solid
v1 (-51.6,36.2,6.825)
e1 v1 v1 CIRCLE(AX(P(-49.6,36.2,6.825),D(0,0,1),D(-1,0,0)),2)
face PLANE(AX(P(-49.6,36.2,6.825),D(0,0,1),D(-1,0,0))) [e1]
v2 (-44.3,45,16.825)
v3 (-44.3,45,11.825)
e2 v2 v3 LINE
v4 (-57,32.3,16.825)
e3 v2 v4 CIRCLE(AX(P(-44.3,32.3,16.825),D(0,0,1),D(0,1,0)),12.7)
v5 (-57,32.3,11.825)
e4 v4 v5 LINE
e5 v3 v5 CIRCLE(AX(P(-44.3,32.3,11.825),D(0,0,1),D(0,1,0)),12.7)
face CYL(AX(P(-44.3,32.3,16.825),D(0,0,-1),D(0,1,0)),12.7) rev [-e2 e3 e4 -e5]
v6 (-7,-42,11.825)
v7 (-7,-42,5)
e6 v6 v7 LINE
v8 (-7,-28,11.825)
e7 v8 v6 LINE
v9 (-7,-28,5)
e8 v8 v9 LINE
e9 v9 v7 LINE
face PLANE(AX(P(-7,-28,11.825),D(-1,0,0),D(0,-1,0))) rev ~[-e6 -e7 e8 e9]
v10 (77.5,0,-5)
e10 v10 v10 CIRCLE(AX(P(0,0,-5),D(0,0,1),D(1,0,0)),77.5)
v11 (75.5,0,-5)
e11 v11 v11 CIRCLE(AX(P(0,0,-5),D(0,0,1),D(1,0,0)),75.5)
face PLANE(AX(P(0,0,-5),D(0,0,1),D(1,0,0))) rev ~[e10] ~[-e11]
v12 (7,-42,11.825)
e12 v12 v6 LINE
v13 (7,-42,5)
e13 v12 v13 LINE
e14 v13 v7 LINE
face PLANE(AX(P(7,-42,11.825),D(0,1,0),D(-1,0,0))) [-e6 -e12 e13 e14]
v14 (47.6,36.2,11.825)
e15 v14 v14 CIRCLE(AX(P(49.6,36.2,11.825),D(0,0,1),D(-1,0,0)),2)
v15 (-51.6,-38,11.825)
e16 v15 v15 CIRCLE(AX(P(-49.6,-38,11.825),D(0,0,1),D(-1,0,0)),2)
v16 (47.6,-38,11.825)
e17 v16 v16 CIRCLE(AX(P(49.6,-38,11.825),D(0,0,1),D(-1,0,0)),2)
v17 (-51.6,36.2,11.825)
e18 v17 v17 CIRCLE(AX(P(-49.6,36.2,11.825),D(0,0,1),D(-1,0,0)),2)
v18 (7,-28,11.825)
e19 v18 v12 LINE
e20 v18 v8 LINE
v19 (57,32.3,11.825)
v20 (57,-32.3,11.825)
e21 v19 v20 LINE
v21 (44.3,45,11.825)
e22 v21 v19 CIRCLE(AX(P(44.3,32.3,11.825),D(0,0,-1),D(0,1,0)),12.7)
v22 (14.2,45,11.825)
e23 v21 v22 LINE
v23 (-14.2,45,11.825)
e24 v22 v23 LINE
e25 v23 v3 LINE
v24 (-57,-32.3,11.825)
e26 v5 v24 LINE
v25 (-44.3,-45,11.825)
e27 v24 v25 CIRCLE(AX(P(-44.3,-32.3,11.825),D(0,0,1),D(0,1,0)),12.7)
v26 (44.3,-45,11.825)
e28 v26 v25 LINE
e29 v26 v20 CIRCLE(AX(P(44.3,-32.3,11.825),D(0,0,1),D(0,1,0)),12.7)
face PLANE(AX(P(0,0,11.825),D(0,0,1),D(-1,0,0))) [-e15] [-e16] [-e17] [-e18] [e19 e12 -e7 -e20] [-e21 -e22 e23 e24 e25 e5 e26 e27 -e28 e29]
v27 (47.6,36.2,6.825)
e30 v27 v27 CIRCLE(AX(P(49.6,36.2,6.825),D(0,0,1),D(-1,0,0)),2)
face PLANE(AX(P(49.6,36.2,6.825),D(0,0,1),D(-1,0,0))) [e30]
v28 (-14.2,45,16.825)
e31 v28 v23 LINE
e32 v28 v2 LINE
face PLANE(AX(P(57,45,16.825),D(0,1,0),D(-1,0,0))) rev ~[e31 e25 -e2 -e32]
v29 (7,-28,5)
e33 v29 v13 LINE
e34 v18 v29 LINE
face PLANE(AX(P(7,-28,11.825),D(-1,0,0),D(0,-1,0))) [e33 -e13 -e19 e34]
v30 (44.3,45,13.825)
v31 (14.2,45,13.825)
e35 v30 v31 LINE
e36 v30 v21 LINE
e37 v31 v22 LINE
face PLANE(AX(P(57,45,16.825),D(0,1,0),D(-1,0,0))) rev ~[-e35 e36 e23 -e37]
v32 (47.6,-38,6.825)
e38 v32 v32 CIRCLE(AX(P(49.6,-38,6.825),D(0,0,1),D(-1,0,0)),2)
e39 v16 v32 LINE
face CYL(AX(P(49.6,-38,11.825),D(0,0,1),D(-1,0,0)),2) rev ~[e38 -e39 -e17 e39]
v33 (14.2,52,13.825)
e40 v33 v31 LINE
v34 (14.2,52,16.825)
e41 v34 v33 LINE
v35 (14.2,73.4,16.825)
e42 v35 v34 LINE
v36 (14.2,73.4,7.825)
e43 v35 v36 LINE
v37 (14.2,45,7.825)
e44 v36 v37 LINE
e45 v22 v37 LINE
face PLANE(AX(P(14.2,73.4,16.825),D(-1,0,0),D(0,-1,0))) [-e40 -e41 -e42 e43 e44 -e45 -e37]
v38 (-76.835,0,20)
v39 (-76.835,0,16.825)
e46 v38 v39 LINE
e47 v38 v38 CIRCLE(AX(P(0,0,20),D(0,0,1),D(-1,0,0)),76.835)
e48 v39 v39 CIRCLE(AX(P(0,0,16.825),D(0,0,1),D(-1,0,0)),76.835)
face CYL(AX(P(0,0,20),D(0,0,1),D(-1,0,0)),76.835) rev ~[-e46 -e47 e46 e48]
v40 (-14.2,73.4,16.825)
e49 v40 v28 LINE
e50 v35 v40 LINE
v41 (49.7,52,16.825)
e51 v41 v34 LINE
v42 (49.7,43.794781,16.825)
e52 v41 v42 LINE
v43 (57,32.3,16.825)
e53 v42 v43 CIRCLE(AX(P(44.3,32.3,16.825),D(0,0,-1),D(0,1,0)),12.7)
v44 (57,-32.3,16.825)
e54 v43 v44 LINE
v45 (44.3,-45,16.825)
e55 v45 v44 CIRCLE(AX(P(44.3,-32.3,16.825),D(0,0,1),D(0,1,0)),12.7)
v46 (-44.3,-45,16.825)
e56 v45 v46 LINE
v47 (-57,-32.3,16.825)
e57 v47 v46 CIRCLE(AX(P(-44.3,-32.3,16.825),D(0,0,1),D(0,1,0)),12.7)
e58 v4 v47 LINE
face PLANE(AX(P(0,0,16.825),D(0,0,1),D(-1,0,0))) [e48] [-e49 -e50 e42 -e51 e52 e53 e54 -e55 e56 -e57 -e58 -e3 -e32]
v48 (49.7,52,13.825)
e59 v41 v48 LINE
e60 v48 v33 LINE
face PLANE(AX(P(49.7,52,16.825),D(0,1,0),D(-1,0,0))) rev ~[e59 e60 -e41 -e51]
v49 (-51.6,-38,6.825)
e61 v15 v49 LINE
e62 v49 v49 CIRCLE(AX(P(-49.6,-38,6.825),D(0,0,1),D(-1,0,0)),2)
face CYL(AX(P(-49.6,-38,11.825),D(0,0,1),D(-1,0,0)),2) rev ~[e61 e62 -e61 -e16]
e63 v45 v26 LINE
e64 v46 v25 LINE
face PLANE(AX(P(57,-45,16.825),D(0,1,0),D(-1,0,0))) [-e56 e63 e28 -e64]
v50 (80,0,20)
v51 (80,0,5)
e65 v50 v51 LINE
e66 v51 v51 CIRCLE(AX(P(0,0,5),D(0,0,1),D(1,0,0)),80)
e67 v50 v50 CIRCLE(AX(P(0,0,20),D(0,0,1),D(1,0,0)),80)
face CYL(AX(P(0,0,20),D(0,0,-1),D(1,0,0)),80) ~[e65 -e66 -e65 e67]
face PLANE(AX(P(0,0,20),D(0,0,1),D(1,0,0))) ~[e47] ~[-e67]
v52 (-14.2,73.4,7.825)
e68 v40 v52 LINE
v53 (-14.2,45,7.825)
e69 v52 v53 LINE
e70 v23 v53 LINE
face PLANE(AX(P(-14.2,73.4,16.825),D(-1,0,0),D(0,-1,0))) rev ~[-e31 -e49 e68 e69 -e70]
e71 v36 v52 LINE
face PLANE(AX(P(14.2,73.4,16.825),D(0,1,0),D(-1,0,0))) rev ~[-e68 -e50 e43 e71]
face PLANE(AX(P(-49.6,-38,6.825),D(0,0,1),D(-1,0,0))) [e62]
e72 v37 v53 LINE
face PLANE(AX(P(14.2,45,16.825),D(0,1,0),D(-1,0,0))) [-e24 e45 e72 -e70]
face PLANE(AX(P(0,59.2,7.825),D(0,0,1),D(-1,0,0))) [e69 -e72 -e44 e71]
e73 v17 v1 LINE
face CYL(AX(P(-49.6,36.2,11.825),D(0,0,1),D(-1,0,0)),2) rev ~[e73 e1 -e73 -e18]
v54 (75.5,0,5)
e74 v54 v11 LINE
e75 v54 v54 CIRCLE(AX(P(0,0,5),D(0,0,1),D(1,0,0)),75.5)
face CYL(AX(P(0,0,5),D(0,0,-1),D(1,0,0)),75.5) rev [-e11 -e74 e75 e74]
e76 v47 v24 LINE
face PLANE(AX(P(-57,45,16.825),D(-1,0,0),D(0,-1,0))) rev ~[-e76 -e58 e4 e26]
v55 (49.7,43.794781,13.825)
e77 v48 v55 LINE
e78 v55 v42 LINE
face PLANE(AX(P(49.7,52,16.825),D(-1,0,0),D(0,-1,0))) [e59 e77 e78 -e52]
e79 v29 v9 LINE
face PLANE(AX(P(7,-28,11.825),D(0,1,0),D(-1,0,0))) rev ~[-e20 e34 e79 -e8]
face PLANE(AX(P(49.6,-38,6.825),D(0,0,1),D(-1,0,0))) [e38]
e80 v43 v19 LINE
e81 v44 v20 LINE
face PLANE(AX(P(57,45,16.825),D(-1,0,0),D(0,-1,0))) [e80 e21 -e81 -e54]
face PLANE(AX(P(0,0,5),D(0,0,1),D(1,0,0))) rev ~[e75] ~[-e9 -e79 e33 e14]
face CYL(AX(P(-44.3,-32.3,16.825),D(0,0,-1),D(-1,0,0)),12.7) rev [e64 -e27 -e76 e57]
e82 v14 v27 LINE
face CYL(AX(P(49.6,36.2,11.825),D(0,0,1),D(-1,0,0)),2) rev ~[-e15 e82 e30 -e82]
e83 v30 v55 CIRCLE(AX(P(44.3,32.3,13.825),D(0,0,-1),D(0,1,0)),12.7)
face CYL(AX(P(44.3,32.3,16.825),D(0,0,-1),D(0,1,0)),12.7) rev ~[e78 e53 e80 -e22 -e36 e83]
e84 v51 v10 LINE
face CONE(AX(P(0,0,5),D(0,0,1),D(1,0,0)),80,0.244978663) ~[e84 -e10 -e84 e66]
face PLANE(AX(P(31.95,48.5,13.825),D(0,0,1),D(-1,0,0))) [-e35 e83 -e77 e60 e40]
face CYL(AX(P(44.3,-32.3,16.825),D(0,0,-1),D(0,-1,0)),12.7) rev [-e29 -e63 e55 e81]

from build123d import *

# Parameters (mm, degrees)
SKETCH001_R     = 76.835
POCKET_DEPTH    = 3.175
SKETCH002_W     = 114
SKETCH002_H     = 90
POCKET001_DEPTH = 5
SKETCH003_W     = 14
SKETCH003_H     = 14
POCKET002_DEPTH = 16.826
SKETCH004_W     = 28.4
SKETCH004_H     = 28.4
POCKET003_DEPTH = 9
SKETCH005_W     = 35.5
SKETCH005_H     = 7
POCKET004_DEPTH = 3
FILLET_R        = 12.7
SKETCH006_R     = 2
POCKET005_DEPTH = 5


with BuildPart() as part:
    # Sketch → Revolution (revolve)
    with BuildSketch(Plane.XZ):
        Polygon((0, 5), (0, 20), (80, 20), (80, 5), (77.5, -5), (75.5, -5), (75.5, 0), (75.5, 5), align=None)
    revolve(axis=Axis((0, 0, 0), (0, 0, 1)))

    # Sketch001 (on Face1 of Revolution) → Pocket (cut)
    with BuildSketch(Plane(origin=(0, 0, 20), x_dir=(-1, 0, 0), z_dir=(0, 0, 1))):
        Circle(SKETCH001_R)
    extrude(amount=-POCKET_DEPTH, mode=Mode.SUBTRACT)

    # Sketch002 (on Face5 of Pocket) → Pocket001 (cut)
    with BuildSketch(Plane(origin=(0, 0, 16.825), x_dir=(-1, 0, 0), z_dir=(0, 0, 1))):
        Rectangle(SKETCH002_W, SKETCH002_H)
    extrude(amount=-POCKET001_DEPTH, mode=Mode.SUBTRACT)

    # Sketch003 (on Face12 of Pocket001) → Pocket002 (cut, through all)
    with BuildSketch(Plane(origin=(0, 0, 11.825), x_dir=(-1, 0, 0), z_dir=(0, 0, 1))):
        with Locations((0, 35)):
            Rectangle(SKETCH003_W, SKETCH003_H)
    extrude(amount=-POCKET002_DEPTH, mode=Mode.SUBTRACT)

    # Sketch004 (on Face5 of Pocket002) → Pocket003 (cut)
    with BuildSketch(Plane(origin=(0, 0, 16.825), x_dir=(-1, 0, 0), z_dir=(0, 0, 1))):
        with Locations((0, -59.2)):
            Rectangle(SKETCH004_W, SKETCH004_H)
    extrude(amount=-POCKET003_DEPTH, mode=Mode.SUBTRACT)

    # Sketch005 (on Face5 of Pocket003) → Pocket004 (cut)
    with BuildSketch(Plane(origin=(0, 0, 16.825), x_dir=(-1, 0, 0), z_dir=(0, 0, 1))):
        with Locations((-31.95, -48.5)):
            Rectangle(SKETCH005_W, SKETCH005_H)
    extrude(amount=-POCKET004_DEPTH, mode=Mode.SUBTRACT)

    # Fillet
    fillet_edges = [part.edges().sort_by_distance(p)[0] for p in [
        (57, -45, 14.325),
        (57, 45, 14.325),
        (-57, -45, 14.325),
        (-57, 45, 14.325),
    ]]
    fillet(fillet_edges, radius=FILLET_R)

    # Sketch006 (on Face17 of Fillet) → Pocket005 (cut)
    with BuildSketch(Plane(origin=(0, 0, 11.825), x_dir=(-1, 0, 0), z_dir=(0, 0, 1))):
        with Locations((-49.6, 38)):
            Circle(SKETCH006_R)
        with Locations((49.6, 38)):
            Circle(SKETCH006_R)
        with Locations((-49.6, -36.2)):
            Circle(SKETCH006_R)
        with Locations((49.6, -36.2)):
            Circle(SKETCH006_R)
    extrude(amount=-POCKET005_DEPTH, mode=Mode.SUBTRACT)


solid = part.part
